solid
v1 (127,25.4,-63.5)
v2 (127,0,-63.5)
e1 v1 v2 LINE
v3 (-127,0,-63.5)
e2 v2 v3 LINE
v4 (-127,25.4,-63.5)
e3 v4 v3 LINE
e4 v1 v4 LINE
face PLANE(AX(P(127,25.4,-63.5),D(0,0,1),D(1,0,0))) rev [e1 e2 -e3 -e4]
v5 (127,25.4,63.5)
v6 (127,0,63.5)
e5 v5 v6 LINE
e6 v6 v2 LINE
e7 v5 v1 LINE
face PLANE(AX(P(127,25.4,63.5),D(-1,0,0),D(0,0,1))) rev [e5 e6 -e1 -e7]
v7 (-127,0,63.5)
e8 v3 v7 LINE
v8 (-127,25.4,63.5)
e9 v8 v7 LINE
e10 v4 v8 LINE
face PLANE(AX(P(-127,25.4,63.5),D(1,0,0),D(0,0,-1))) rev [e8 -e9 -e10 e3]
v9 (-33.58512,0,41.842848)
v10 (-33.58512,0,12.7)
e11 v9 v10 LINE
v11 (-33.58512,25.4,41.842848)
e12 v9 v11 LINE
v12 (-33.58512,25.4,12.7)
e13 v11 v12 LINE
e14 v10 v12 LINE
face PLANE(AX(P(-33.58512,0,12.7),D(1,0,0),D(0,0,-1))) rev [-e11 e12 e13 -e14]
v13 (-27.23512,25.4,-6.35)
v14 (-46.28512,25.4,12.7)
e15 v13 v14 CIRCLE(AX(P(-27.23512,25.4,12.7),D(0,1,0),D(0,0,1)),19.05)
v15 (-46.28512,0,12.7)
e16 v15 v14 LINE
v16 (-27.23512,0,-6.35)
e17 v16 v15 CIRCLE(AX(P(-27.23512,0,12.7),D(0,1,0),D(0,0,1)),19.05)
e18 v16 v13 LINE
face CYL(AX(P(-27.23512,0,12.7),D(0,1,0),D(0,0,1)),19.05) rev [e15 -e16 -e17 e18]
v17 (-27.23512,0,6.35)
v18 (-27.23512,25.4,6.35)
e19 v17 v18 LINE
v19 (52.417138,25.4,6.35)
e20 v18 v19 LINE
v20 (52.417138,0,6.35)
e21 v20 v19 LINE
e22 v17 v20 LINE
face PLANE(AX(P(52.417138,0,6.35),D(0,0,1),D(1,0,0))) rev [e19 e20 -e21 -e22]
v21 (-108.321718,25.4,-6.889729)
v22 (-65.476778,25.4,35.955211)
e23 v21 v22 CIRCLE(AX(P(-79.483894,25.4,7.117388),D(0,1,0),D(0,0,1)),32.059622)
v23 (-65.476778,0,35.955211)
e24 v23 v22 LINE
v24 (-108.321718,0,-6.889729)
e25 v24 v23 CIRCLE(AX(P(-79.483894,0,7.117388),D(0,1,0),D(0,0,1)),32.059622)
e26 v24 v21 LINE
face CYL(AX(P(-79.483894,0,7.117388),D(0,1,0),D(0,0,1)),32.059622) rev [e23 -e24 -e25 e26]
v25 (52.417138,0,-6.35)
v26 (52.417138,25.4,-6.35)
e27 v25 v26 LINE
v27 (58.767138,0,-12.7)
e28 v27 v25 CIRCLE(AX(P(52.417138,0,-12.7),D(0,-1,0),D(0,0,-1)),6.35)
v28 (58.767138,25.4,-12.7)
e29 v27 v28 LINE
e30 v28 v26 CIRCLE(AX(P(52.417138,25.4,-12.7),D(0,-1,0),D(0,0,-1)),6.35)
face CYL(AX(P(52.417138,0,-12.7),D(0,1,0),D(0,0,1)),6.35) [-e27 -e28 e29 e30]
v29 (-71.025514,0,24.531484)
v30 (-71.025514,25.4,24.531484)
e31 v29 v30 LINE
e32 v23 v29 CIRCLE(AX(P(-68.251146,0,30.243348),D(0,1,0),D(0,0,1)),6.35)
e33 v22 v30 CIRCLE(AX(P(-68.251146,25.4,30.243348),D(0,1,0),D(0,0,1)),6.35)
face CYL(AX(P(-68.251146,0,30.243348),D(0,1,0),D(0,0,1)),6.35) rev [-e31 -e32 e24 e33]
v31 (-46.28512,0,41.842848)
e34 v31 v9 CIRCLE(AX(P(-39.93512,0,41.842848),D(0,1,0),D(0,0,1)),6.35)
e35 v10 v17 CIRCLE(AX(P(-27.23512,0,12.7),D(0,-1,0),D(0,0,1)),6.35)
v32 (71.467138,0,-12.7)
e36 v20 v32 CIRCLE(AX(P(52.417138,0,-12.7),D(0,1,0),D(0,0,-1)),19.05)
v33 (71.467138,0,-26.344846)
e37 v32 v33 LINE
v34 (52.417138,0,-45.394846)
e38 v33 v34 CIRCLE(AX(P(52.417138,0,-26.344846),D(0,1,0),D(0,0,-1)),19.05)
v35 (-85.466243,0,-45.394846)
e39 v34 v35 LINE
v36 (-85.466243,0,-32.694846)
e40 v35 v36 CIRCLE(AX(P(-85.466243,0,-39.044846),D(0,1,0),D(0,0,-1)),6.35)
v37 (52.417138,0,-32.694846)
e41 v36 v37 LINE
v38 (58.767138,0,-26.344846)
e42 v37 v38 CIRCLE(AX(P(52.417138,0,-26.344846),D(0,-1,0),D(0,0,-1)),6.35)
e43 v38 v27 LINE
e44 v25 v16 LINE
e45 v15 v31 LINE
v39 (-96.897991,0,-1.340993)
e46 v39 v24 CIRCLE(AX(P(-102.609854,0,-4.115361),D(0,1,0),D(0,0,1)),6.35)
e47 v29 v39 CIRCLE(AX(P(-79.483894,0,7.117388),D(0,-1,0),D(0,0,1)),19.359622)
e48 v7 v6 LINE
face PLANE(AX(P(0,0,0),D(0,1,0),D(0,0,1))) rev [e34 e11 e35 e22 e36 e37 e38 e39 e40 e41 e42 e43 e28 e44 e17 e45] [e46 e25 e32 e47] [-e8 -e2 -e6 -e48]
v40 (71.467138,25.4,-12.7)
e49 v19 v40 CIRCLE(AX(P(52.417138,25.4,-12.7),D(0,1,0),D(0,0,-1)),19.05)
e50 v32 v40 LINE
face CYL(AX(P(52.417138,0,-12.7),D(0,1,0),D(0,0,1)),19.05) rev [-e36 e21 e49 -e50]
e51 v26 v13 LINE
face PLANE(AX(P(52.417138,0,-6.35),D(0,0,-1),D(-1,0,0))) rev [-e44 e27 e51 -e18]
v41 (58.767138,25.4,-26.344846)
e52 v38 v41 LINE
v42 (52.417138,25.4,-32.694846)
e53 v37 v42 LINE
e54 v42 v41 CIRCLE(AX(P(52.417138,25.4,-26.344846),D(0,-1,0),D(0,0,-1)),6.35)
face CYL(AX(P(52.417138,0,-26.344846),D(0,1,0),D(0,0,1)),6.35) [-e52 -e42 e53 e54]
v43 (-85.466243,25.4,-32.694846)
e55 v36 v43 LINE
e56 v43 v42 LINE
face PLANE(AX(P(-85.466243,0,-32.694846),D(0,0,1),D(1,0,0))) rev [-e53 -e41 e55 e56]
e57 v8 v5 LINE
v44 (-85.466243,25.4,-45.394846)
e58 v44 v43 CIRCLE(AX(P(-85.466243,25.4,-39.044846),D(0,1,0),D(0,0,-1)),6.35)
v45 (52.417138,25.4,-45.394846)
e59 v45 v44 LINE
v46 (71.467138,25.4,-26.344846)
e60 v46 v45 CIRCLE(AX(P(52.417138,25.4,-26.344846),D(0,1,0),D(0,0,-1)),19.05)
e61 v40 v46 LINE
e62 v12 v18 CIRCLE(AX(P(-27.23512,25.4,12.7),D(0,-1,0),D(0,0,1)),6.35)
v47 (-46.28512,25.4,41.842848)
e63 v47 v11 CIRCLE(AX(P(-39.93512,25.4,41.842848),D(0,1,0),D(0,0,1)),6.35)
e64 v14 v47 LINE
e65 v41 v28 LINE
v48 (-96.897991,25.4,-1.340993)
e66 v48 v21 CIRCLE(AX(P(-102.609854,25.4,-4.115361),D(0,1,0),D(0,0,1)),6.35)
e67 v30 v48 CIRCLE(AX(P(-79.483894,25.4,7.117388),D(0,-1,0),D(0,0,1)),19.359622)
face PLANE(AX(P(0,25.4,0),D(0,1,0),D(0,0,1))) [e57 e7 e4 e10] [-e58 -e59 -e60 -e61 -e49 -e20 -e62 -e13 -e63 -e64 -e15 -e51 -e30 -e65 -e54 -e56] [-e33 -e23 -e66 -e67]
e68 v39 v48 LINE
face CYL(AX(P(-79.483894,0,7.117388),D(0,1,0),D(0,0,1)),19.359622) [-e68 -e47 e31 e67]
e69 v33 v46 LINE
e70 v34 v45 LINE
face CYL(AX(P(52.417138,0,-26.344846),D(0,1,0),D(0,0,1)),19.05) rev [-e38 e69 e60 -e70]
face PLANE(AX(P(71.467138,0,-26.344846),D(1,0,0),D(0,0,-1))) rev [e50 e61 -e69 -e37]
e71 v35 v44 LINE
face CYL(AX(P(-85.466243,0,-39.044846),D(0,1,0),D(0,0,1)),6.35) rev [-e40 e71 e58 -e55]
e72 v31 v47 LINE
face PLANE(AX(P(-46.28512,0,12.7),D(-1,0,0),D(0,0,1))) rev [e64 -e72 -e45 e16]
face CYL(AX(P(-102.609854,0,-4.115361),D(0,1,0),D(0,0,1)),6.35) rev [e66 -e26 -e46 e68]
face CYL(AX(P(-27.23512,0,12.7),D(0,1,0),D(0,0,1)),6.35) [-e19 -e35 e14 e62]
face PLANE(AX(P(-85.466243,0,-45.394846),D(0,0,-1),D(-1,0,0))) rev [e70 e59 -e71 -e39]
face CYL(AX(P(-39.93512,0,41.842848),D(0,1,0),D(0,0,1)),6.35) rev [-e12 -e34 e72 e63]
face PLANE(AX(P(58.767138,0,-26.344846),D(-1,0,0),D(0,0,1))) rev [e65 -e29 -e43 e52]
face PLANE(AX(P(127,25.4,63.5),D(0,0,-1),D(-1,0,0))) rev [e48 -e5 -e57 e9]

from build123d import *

# Parameters (mm, degrees)
SKETCH1_W           = 254
SKETCH1_H           = 127
BOSS_EXTRUDE1_DEPTH = 25.4
CUT_EXTRUDE2_DEPTH  = 145.244271983
CUT_EXTRUDE3_DEPTH  = 145.244271983


with BuildPart() as part:
    # Sketch1 → Boss-Extrude1 (new body)
    with BuildSketch(Plane(origin=(0, 0, 0), x_dir=(1, 0, 0), z_dir=(0, 1, 0))):
        Rectangle(SKETCH1_W, SKETCH1_H)
    extrude(amount=BOSS_EXTRUDE1_DEPTH)

    # Sketch3 → Cut-Extrude2 (cut, through all)
    with BuildSketch(Plane(origin=(0, 25.4, 0), x_dir=(1, 0, 0), z_dir=(0, 1, 0))):
        with BuildLine():
            Line((-85.466243436, 32.694846332), (52.417137856, 32.694846332))
            ThreePointArc((52.417137856, 32.694846332), (56.907265917, 30.834974392), (58.767137856, 26.344846332))
            Line((58.767137856, 26.344846332), (58.767137856, 12.7))
            ThreePointArc((58.767137856, 12.7), (56.907265917, 8.209871939), (52.417137856, 6.35))
            Line((52.417137856, 6.35), (-27.235119701, 6.35))
            ThreePointArc((-27.235119701, 6.35), (-40.705503883, 0.770384182), (-46.285119701, -12.7))
            Line((-46.285119701, -12.7), (-46.285119701, -41.842848349))
            ThreePointArc((-46.285119701, -41.842848349), (-39.935119701, -48.192848349), (-33.585119701, -41.842848349))
            Line((-33.585119701, -41.842848349), (-33.585119701, -12.7))
            ThreePointArc((-33.585119701, -12.7), (-31.725247761, -8.209871939), (-27.235119701, -6.35))
            Line((-27.235119701, -6.35), (52.417137856, -6.35))
            ThreePointArc((52.417137856, -6.35), (65.887522038, -0.770384182), (71.467137856, 12.7))
            Line((71.467137856, 12.7), (71.467137856, 26.344846332))
            ThreePointArc((71.467137856, 26.344846332), (65.887522038, 39.815230513), (52.417137856, 45.394846332))
            Line((52.417137856, 45.394846332), (-85.466243436, 45.394846332))
            ThreePointArc((-85.466243436, 45.394846332), (-91.816243436, 39.044846332), (-85.466243436, 32.694846332))
        make_face()
    extrude(amount=-CUT_EXTRUDE2_DEPTH, mode=Mode.SUBTRACT)

    # Sketch4 → Cut-Extrude3 (cut, through all)
    with BuildSketch(Plane(origin=(0, 25.4, 0), x_dir=(1, 0, 0), z_dir=(0, 1, 0))):
        with BuildLine():
            ThreePointArc((-108.321717666, 6.889728777), (-102.153470481, -29.786963762), (-65.476777942, -35.955210947))
            ThreePointArc((-65.476777942, -35.955210947), (-62.539282648, -27.468979663), (-71.025513931, -24.531484369))
            ThreePointArc((-71.025513931, -24.531484369), (-93.17321436, -20.806707641), (-96.897991088, 1.340992788))
            ThreePointArc((-96.897991088, 1.340992788), (-99.835486382, 9.827224072), (-108.321717666, 6.889728777))
        make_face()
    extrude(amount=-CUT_EXTRUDE3_DEPTH, mode=Mode.SUBTRACT)


solid = part.part
